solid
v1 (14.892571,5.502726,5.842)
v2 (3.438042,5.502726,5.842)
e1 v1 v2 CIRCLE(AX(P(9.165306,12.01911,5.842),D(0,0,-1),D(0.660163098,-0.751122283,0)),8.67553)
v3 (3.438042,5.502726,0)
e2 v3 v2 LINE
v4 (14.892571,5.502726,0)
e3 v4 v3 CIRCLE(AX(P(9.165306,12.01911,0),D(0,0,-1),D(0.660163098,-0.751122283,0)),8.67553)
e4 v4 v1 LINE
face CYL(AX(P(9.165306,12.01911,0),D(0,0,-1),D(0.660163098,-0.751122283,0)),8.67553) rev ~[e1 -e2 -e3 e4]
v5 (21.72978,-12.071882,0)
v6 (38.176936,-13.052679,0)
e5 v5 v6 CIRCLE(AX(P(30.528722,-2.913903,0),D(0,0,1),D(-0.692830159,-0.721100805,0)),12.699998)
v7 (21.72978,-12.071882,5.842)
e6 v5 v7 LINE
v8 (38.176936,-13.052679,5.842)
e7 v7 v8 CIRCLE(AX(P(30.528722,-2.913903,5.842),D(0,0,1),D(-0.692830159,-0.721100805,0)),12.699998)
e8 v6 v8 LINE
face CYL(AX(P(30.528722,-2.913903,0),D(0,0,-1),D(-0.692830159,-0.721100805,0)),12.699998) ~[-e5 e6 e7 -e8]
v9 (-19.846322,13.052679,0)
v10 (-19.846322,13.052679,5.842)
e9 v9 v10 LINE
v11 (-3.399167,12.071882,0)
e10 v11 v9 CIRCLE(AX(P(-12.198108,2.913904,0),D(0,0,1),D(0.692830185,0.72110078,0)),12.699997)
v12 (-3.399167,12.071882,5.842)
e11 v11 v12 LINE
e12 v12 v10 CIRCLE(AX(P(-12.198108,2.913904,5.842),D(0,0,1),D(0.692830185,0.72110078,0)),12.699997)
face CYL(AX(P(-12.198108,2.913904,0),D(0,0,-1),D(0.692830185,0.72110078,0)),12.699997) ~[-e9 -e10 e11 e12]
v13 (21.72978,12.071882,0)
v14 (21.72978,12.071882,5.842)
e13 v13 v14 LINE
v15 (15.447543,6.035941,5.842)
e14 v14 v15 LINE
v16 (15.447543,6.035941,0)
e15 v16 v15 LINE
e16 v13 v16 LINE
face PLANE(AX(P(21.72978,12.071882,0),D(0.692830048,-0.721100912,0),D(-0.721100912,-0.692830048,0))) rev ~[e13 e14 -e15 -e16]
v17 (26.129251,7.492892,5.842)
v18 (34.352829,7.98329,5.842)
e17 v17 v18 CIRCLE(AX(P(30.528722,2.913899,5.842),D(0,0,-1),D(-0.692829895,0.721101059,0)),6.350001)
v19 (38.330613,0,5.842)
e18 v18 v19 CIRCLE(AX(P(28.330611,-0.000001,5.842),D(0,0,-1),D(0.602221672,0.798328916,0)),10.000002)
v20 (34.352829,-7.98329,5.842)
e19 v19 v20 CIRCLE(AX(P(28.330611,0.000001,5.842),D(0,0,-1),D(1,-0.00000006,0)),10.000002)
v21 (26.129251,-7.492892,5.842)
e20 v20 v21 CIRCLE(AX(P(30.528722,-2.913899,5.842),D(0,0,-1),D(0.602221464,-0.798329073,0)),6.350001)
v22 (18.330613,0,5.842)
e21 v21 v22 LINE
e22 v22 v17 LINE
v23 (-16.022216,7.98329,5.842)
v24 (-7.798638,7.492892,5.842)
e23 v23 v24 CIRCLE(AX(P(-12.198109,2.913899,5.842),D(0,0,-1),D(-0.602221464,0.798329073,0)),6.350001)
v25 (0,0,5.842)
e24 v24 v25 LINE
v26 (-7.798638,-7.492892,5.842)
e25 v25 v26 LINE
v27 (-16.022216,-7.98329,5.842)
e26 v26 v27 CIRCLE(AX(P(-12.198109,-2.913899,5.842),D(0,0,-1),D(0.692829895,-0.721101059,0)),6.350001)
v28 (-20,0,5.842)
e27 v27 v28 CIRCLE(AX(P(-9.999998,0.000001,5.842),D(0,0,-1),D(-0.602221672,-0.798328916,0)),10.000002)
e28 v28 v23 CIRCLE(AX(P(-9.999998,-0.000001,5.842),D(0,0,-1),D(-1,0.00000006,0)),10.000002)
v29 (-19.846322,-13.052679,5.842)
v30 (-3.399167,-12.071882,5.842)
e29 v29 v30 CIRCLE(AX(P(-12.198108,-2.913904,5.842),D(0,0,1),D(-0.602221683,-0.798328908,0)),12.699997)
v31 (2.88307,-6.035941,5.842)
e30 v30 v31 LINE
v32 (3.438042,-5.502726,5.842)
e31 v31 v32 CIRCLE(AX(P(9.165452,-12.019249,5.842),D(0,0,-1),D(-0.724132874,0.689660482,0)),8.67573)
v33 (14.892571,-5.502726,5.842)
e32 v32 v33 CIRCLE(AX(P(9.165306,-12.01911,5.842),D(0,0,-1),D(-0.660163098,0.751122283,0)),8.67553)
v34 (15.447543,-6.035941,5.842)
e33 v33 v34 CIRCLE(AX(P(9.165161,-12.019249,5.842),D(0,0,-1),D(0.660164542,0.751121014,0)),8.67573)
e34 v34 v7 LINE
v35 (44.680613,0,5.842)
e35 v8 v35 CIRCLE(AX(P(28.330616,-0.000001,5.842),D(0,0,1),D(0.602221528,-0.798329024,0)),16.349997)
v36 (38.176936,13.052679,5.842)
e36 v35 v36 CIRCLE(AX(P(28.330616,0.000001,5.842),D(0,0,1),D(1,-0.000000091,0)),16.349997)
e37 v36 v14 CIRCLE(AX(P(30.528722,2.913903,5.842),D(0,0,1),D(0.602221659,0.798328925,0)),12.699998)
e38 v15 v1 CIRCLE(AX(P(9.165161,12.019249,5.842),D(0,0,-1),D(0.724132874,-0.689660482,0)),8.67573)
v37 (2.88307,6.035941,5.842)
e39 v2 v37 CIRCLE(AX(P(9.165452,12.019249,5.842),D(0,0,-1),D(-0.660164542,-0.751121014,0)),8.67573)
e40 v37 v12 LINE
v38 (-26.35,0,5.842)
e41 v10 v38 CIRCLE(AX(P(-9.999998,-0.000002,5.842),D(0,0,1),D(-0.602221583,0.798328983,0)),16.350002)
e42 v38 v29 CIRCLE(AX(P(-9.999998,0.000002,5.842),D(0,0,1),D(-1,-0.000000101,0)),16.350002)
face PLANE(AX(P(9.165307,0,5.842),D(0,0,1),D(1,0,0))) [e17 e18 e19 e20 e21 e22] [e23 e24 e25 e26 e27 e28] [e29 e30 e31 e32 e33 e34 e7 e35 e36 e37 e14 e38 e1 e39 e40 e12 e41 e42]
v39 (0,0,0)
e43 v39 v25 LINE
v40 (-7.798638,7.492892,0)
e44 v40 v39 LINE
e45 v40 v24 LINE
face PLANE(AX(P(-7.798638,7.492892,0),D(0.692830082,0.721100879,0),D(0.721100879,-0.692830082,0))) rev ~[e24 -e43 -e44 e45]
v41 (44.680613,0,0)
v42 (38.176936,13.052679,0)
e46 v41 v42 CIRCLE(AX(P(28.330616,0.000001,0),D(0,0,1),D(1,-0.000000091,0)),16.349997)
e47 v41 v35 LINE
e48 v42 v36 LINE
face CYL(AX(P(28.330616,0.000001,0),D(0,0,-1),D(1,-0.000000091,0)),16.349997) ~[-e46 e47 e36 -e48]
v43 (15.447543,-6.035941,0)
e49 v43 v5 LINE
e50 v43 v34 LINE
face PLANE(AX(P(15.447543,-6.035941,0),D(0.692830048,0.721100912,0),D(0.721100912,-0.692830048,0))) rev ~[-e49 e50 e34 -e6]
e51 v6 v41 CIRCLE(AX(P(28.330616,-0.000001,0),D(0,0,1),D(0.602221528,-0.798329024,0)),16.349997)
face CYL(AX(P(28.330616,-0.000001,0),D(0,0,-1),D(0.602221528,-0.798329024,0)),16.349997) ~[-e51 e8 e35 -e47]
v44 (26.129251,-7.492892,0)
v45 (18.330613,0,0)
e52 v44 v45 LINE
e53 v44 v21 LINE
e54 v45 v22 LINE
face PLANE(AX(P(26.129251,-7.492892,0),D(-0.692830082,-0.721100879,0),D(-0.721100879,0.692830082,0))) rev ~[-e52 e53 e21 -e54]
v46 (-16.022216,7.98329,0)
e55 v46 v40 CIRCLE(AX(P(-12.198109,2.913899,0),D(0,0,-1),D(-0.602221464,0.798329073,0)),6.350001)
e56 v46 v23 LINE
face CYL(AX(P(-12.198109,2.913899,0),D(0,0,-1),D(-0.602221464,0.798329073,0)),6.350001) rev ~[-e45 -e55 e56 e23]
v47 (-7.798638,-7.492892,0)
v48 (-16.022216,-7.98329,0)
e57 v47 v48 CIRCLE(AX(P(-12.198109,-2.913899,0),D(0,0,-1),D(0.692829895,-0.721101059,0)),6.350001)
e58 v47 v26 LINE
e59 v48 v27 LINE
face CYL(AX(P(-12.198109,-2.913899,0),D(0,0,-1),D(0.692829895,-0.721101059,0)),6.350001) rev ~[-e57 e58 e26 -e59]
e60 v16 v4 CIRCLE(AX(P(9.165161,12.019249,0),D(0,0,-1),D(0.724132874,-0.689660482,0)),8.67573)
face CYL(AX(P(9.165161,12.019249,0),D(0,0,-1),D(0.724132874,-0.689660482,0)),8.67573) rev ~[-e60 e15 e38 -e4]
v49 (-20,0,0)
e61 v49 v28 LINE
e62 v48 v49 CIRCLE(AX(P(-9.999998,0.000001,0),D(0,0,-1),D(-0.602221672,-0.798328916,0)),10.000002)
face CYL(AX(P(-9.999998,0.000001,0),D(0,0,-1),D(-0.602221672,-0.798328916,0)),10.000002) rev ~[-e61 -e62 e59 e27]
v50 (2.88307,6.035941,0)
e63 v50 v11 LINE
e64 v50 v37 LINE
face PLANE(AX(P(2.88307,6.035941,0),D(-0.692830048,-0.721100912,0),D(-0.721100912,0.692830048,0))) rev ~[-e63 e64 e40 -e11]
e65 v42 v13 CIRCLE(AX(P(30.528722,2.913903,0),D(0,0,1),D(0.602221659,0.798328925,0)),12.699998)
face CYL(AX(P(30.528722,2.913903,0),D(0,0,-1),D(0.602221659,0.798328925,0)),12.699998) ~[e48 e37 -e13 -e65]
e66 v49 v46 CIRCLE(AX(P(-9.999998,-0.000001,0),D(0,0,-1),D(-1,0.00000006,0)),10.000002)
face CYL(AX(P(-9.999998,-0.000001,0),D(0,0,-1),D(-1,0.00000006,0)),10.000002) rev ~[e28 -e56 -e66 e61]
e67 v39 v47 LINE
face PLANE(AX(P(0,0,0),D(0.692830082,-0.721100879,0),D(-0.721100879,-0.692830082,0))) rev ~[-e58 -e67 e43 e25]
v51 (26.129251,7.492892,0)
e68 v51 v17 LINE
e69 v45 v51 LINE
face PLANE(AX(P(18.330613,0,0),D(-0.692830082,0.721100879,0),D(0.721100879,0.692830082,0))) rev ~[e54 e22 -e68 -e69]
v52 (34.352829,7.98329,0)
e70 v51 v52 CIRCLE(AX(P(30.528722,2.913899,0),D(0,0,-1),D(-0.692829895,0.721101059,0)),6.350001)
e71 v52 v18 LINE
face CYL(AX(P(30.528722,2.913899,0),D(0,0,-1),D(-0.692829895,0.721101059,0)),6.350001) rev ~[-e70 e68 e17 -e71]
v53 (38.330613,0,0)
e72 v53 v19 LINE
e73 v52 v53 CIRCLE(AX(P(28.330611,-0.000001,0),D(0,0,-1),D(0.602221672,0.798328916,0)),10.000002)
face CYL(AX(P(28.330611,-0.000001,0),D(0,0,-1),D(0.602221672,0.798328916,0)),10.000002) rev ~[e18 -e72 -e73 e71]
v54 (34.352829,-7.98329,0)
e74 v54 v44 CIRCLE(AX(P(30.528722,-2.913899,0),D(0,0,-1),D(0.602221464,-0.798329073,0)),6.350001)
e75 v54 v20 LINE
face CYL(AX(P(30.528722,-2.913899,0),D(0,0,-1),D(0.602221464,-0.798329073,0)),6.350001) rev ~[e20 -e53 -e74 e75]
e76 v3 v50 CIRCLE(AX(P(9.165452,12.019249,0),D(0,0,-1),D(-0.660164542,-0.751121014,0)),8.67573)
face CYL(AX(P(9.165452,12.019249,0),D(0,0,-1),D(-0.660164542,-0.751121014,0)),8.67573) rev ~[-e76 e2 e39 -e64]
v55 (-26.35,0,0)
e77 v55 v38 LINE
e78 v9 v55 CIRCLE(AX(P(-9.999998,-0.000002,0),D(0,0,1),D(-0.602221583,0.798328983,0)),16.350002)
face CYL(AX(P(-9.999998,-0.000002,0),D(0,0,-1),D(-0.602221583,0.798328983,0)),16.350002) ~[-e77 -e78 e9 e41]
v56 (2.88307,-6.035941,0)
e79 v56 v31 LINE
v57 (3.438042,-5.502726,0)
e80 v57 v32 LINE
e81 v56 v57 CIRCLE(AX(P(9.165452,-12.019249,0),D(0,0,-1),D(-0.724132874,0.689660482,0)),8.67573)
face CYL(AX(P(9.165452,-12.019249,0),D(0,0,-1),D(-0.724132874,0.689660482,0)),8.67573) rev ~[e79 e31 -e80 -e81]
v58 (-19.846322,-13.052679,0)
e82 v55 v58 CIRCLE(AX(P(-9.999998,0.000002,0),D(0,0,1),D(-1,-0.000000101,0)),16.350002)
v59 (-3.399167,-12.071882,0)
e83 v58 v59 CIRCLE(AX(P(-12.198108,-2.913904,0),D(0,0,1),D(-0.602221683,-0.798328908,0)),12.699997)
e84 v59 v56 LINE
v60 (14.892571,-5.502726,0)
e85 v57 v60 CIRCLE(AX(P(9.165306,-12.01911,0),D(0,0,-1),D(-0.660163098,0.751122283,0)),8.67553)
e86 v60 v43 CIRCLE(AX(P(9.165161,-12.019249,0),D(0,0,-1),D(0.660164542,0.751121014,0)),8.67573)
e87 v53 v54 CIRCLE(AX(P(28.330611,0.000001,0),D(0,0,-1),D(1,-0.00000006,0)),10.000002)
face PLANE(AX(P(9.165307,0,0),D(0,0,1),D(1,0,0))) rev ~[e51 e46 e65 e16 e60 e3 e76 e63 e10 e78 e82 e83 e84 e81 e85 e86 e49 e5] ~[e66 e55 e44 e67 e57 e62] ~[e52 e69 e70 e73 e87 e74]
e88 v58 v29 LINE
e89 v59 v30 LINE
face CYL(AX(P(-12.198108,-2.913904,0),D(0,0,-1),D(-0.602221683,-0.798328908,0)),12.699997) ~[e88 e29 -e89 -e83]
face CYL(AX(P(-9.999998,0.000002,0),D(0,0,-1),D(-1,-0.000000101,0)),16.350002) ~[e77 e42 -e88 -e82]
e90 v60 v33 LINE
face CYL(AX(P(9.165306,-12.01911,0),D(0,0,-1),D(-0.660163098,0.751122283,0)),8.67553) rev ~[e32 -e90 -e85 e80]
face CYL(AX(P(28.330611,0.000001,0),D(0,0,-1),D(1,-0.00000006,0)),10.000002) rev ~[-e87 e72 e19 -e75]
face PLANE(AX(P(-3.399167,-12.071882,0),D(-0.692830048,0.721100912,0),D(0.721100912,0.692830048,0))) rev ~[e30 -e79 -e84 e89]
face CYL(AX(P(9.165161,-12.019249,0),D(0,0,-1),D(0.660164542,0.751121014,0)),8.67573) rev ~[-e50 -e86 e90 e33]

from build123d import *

# Parameters (mm, degrees)
F1_DEPTH = 5.842


with BuildPart() as f1:
    # F0 (on Top) → F1 (new body)
    with BuildSketch(Plane.XY):
        with BuildLine():
            Line((2.88307, 6.035941), (-3.399167, 12.071882))
            ThreePointArc((-3.399167, 12.071882), (-11.44211, 15.59138), (-19.846322, 13.052679))
            ThreePointArc((-19.846322, 13.052679), (-24.634033, 7.291609), (-26.35, 0))
            ThreePointArc((-26.35, 0), (-24.634033, -7.291609), (-19.846322, -13.052679))
            ThreePointArc((-19.846322, -13.052679), (-11.44211, -15.59138), (-3.399167, -12.071882))
            Line((-3.399167, -12.071882), (2.88307, -6.035941))
            ThreePointArc((2.88307, -6.035941), (3.15464, -5.763177), (3.438042, -5.502726))
            ThreePointArc((3.438042, -5.502726), (9.165307, -3.34358), (14.892571, -5.502726))
            ThreePointArc((14.892571, -5.502726), (15.175973, -5.763177), (15.447543, -6.035941))
            Line((15.447543, -6.035941), (21.72978, -12.071882))
            ThreePointArc((21.72978, -12.071882), (29.772723, -15.59138), (38.176936, -13.052679))
            ThreePointArc((38.176936, -13.052679), (42.964647, -7.291609), (44.680613, 0))
            ThreePointArc((44.680613, 0), (42.964647, 7.291609), (38.176936, 13.052679))
            ThreePointArc((38.176936, 13.052679), (29.772723, 15.59138), (21.72978, 12.071882))
            Line((21.72978, 12.071882), (15.447543, 6.035941))
            ThreePointArc((15.447543, 6.035941), (15.175973, 5.763177), (14.892571, 5.502726))
            ThreePointArc((14.892571, 5.502726), (9.165307, 3.34358), (3.438042, 5.502726))
            ThreePointArc((3.438042, 5.502726), (3.15464, 5.763177), (2.88307, 6.035941))
        make_face()
        with BuildLine():
            ThreePointArc((-20, 0), (-18.950479, 4.4597), (-16.022216, 7.98329))
            ThreePointArc((-16.022216, 7.98329), (-11.820109, 9.25264), (-7.798638, 7.492892))
            Line((-7.798638, 7.492892), (0, 0))
            Line((0, 0), (-7.798638, -7.492892))
            ThreePointArc((-7.798638, -7.492892), (-11.820109, -9.25264), (-16.022216, -7.98329))
            ThreePointArc((-16.022216, -7.98329), (-18.950479, -4.4597), (-20, 0))
        make_face(mode=Mode.SUBTRACT)
        with BuildLine():
            ThreePointArc((34.352829, -7.98329), (30.150722, -9.25264), (26.129251, -7.492892))
            Line((26.129251, -7.492892), (18.330613, 0))
            Line((18.330613, 0), (26.129251, 7.492892))
            ThreePointArc((26.129251, 7.492892), (30.150722, 9.25264), (34.352829, 7.98329))
            ThreePointArc((34.352829, 7.98329), (37.281092, 4.4597), (38.330613, 0))
            ThreePointArc((38.330613, 0), (37.281092, -4.4597), (34.352829, -7.98329))
        make_face(mode=Mode.SUBTRACT)
    extrude(amount=F1_DEPTH)


solid = f1.part
